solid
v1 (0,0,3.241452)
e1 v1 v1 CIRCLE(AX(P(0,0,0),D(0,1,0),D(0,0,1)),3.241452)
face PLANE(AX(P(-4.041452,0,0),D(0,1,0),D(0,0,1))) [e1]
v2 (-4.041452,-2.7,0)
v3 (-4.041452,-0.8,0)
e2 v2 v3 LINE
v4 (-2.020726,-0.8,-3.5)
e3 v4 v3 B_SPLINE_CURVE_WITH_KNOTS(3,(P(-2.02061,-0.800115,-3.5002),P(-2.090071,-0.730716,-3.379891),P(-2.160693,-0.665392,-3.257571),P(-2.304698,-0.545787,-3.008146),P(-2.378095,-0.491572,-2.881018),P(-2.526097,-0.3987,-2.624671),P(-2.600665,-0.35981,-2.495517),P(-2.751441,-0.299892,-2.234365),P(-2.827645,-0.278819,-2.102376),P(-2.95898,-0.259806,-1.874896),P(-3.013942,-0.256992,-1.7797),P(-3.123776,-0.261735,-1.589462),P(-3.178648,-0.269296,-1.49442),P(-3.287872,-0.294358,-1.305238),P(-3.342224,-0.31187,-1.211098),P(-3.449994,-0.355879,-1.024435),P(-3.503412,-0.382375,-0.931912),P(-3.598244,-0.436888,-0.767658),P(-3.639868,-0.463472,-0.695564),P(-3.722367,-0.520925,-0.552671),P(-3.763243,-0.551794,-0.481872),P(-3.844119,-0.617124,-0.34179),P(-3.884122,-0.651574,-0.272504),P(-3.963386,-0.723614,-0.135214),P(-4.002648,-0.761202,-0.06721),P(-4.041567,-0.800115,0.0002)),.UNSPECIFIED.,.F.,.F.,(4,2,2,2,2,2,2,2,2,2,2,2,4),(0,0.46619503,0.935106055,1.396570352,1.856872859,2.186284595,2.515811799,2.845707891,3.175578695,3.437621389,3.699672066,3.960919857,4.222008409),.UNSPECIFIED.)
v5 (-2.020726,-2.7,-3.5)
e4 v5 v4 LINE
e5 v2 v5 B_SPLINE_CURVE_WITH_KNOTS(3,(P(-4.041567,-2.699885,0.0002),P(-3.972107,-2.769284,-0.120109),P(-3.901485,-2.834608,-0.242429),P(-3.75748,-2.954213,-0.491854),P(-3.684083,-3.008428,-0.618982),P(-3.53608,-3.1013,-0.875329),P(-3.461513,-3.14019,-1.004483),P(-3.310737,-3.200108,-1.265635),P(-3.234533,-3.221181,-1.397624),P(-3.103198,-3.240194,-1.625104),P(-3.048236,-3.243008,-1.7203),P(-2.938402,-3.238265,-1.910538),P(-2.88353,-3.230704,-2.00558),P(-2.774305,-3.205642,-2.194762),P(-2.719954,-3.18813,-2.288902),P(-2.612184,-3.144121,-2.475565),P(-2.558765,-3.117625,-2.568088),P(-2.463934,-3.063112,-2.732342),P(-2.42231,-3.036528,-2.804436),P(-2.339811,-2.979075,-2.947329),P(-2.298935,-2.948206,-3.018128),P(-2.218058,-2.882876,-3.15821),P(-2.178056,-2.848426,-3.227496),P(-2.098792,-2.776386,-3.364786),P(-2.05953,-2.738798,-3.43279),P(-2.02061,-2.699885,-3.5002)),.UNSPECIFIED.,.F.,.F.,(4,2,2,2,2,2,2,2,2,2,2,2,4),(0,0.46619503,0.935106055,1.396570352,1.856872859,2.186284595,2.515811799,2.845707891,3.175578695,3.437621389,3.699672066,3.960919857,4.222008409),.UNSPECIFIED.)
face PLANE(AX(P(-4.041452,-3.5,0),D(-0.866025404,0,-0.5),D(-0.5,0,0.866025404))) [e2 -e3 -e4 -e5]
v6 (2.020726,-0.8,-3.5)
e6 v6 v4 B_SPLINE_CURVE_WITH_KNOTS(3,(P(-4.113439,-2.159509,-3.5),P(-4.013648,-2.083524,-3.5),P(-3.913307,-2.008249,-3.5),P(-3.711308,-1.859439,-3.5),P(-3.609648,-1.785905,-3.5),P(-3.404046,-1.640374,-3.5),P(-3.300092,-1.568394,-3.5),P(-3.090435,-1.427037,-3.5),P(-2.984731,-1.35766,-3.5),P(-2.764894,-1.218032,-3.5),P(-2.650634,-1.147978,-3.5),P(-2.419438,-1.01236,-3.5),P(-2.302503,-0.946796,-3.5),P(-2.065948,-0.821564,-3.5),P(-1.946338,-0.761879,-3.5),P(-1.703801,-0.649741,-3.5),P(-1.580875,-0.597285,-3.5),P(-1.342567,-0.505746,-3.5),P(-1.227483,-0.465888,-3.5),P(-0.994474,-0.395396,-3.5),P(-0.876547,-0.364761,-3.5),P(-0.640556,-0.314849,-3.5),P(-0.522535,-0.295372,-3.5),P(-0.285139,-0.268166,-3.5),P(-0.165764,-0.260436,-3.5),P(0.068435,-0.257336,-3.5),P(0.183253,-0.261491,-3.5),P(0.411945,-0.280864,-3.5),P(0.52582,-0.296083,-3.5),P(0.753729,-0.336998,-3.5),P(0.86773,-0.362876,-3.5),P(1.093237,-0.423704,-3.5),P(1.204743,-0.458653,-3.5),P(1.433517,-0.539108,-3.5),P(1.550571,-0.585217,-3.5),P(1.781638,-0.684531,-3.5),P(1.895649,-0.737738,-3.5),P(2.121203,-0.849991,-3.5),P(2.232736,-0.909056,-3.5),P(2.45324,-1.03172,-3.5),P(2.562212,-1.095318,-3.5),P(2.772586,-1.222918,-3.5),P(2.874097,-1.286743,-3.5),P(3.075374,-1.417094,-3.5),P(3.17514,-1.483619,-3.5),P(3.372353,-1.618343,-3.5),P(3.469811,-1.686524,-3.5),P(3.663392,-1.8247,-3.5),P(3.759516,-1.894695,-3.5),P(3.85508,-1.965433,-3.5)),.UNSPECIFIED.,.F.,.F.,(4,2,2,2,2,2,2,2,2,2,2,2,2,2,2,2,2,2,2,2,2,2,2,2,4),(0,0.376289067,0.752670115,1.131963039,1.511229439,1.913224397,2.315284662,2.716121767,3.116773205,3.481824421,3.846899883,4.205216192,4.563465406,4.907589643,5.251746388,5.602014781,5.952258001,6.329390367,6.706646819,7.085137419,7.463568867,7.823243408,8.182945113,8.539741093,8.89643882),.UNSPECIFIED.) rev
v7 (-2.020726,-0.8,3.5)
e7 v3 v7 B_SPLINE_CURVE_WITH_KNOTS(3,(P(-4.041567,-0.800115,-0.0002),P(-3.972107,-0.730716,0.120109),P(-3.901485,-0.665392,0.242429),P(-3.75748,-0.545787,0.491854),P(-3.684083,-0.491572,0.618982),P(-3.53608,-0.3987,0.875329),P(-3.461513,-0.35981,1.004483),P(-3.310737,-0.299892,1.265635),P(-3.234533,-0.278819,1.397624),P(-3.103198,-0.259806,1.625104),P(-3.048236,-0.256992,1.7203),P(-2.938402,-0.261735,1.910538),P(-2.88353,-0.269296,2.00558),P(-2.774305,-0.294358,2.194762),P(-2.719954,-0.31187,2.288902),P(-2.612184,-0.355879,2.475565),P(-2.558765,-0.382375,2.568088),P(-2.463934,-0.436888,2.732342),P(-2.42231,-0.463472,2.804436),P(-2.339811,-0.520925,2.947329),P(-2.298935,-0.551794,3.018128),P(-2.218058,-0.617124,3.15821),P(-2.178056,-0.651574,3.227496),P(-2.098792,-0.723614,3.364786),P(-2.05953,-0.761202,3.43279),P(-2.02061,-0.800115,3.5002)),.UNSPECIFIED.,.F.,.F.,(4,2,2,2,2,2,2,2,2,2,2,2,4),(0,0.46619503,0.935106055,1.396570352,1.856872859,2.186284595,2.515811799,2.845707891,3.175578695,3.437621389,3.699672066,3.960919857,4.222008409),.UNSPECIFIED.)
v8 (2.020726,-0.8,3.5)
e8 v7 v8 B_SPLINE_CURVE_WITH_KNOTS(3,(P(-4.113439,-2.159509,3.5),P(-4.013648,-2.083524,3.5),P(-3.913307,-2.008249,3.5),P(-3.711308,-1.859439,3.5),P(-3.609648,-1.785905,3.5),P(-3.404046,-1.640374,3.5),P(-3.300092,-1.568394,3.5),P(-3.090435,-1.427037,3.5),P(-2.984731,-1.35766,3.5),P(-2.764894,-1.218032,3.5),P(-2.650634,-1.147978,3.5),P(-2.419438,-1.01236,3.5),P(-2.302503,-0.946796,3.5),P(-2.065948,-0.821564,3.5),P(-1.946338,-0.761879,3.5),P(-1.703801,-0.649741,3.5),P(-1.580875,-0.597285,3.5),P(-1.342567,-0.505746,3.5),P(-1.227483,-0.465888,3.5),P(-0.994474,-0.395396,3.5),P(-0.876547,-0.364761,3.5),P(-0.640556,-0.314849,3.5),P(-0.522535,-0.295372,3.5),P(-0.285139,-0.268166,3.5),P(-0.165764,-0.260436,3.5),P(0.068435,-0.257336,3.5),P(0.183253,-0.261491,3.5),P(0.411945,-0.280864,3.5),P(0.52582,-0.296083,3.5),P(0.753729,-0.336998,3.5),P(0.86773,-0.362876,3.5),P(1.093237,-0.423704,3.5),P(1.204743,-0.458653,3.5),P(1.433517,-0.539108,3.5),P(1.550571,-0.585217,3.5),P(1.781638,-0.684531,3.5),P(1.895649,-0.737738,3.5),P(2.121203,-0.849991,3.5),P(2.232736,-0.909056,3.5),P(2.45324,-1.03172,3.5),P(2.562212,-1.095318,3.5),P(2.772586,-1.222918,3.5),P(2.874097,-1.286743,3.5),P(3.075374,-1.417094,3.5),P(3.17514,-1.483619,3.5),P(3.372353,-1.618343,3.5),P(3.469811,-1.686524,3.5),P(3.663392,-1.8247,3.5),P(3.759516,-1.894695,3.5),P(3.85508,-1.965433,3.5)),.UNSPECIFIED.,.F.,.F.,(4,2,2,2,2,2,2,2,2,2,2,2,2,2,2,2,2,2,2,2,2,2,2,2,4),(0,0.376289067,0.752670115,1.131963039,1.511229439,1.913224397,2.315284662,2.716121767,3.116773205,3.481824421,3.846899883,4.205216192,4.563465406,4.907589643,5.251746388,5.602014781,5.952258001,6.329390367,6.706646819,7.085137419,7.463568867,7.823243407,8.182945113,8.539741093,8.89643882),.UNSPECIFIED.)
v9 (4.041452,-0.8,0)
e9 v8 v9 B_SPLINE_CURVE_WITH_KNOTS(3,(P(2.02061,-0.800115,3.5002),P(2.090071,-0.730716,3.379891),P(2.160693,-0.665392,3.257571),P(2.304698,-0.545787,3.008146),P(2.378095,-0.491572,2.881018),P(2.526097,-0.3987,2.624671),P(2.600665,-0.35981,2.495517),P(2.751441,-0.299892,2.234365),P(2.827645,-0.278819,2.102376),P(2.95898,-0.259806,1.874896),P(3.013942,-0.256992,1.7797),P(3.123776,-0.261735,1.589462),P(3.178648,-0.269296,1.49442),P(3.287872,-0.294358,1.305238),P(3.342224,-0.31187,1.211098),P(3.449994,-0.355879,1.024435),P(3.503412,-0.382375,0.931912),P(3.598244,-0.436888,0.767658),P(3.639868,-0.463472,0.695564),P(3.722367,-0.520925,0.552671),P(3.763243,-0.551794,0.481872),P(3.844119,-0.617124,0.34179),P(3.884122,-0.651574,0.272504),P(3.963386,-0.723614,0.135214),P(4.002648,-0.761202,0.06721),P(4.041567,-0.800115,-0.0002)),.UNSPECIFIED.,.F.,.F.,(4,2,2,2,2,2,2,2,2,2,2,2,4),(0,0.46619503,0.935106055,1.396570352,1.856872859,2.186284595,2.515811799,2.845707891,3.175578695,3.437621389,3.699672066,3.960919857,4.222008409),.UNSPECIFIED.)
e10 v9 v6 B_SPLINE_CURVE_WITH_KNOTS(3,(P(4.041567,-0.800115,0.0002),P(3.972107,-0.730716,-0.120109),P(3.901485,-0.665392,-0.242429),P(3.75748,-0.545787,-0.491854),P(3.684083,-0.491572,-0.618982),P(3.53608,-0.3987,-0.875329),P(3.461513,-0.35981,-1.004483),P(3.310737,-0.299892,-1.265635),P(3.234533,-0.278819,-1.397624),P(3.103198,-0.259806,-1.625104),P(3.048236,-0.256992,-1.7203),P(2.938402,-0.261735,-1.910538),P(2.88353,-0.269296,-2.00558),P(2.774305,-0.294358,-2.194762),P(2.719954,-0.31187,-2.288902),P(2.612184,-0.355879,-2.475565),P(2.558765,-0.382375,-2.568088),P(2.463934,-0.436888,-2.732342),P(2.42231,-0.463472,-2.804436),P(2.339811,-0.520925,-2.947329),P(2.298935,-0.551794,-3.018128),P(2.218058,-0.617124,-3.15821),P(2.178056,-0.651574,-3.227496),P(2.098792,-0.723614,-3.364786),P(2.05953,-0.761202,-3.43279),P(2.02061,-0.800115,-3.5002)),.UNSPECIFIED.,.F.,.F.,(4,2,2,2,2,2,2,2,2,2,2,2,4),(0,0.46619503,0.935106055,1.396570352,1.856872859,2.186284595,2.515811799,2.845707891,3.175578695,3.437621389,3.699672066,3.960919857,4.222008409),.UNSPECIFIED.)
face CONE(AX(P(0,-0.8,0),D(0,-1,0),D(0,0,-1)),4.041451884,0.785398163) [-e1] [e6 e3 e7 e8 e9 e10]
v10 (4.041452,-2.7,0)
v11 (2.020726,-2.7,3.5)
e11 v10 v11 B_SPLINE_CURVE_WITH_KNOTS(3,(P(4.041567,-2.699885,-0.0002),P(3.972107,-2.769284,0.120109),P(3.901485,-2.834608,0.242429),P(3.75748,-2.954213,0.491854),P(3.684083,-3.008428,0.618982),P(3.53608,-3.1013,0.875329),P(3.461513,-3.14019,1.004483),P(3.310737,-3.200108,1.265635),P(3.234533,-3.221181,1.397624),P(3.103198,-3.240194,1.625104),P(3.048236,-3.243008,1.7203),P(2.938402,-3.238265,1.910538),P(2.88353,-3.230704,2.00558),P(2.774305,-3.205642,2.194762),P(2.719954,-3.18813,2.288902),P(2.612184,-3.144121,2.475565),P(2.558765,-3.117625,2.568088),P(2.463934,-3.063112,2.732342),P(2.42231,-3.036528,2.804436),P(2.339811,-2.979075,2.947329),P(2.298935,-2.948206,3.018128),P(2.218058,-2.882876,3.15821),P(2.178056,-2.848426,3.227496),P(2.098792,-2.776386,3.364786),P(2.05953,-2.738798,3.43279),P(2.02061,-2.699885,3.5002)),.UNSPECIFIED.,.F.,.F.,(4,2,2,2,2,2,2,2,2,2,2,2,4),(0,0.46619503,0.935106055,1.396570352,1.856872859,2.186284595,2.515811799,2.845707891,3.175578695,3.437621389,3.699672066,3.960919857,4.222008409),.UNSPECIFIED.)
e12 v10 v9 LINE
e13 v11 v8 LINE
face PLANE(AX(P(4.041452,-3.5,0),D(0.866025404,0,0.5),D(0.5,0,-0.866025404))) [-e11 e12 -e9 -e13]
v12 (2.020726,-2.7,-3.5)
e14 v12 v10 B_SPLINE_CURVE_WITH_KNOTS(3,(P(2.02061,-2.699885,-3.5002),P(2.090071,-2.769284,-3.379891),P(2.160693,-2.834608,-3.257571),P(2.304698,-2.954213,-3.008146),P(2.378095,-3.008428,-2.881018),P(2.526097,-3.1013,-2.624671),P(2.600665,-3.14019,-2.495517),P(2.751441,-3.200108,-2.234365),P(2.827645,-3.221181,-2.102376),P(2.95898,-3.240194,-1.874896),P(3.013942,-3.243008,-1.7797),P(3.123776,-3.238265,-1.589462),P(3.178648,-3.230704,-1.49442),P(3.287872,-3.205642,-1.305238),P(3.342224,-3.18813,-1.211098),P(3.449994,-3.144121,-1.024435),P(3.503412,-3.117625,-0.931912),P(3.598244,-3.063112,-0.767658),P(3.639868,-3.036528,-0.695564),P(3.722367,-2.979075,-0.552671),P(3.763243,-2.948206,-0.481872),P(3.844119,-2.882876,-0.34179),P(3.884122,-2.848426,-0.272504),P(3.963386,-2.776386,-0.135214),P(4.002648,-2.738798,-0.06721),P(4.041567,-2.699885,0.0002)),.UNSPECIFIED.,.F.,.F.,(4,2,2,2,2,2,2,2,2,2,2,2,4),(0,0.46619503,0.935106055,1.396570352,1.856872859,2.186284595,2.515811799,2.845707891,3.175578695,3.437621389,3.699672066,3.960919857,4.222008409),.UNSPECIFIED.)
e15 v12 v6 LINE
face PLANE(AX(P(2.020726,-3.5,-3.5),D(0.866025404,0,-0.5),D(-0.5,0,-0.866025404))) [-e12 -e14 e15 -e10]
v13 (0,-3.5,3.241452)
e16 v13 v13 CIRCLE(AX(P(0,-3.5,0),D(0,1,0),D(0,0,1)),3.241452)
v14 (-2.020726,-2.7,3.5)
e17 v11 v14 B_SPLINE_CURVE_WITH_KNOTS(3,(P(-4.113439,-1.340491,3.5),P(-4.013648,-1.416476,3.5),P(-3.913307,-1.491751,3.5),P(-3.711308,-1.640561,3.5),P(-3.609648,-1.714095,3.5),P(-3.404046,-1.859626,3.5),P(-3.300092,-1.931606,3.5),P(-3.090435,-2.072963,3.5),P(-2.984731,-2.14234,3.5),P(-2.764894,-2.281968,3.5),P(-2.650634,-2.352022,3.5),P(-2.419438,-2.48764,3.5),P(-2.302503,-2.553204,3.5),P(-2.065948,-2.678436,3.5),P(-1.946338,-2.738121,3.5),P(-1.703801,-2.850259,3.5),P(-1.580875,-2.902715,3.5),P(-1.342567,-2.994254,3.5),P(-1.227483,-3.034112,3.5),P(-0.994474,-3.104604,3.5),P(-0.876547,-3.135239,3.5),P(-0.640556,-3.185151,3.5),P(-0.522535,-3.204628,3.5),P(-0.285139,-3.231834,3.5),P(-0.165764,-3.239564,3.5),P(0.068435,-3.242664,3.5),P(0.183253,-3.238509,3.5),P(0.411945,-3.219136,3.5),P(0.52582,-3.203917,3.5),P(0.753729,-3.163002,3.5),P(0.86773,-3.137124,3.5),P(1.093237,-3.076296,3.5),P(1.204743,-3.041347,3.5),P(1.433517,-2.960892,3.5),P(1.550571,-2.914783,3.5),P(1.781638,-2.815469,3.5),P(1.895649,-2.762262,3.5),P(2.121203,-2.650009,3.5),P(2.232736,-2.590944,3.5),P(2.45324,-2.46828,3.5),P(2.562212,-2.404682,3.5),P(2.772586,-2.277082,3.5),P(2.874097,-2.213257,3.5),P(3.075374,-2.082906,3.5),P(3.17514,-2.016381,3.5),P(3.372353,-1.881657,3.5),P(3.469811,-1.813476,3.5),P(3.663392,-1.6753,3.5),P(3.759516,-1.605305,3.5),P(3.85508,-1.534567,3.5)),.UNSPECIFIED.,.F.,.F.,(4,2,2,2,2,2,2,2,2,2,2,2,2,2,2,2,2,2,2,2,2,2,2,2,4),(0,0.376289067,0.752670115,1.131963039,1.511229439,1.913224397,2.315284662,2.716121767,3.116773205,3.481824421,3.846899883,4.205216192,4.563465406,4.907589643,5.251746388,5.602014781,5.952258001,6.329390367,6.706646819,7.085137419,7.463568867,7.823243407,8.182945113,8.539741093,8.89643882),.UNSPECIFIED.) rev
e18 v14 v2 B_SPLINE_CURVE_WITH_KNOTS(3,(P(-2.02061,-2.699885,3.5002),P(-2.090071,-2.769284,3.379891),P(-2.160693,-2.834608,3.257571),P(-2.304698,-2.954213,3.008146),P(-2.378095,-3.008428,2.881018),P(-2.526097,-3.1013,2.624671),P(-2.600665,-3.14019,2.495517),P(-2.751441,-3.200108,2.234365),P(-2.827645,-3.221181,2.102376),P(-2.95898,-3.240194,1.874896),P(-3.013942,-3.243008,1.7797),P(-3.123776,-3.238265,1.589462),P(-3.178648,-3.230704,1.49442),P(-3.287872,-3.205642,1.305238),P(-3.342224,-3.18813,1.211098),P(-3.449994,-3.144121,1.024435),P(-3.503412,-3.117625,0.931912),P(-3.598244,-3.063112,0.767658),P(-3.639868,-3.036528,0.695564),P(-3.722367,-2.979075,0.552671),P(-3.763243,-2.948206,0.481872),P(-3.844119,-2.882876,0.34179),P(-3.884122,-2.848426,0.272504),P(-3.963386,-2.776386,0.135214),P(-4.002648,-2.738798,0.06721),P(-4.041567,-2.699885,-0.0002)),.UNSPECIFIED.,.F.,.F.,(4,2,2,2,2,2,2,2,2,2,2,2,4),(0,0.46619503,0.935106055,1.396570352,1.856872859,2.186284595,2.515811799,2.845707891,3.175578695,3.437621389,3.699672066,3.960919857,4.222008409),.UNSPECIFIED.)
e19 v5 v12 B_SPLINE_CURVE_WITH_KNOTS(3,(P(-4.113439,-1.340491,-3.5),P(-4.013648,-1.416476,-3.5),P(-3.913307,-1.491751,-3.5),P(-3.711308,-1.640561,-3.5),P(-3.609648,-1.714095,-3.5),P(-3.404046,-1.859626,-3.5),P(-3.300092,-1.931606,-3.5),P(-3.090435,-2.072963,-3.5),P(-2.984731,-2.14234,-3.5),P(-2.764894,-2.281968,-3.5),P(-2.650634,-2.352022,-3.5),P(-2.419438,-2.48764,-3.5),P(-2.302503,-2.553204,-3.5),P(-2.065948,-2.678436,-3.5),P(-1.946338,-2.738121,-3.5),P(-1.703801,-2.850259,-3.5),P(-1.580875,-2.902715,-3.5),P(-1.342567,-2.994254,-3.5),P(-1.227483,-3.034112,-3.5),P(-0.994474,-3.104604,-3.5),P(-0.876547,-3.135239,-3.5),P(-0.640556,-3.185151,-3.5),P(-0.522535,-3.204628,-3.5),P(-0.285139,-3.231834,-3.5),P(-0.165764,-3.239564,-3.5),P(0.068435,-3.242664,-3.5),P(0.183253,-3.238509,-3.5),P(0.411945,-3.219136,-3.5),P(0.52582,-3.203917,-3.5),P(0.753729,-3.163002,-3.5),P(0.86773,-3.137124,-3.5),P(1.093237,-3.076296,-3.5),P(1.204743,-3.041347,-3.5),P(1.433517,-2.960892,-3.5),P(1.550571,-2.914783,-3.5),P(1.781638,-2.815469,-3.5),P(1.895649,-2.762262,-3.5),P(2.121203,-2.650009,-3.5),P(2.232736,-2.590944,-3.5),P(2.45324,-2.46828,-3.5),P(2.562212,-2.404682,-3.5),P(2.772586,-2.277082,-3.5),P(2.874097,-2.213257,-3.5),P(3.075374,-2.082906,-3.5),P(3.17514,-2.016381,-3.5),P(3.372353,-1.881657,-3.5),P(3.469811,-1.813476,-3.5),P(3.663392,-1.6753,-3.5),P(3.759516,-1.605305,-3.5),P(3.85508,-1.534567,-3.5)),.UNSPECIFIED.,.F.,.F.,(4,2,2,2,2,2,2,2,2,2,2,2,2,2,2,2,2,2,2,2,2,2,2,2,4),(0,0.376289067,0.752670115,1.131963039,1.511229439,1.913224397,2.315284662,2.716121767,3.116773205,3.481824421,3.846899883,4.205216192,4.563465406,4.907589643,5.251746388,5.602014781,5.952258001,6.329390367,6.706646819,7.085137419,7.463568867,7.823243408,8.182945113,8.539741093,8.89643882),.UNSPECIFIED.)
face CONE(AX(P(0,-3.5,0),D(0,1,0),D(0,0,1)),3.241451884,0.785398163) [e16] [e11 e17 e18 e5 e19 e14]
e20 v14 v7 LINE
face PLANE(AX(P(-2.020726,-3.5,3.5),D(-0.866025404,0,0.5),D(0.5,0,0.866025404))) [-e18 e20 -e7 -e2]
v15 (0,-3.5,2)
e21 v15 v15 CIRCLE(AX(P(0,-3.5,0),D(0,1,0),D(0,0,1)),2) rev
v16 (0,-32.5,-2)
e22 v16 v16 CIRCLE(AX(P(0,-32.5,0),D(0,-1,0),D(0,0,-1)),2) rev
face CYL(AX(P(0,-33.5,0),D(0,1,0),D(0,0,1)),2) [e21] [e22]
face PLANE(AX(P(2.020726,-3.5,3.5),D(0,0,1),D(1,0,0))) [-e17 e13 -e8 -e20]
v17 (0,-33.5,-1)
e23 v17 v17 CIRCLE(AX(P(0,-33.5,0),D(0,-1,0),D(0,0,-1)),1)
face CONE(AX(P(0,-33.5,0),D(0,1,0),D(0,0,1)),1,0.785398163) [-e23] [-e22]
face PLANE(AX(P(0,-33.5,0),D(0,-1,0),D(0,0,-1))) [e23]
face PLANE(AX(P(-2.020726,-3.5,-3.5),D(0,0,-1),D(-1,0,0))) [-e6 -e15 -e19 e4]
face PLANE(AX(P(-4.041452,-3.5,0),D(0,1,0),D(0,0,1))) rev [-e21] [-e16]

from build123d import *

# Parameters (mm, degrees)
EXTRUDE_1_DEPTH = 3.5
SKETCH_5_R      = 2
EXTRUDE_2_DEPTH = 30
CHAMFER_1_SIZE  = 1


with BuildPart() as part:
    # Эскиз1 → Вытянуть1 (new body)
    with BuildSketch(Plane(origin=(0, 0, 0), x_dir=(1, 0, 0), z_dir=(0, 1, 0))):
        Polygon((-2.020725942, 3.5), (2.020725942, 3.5), (4.041451884, 0), (2.020725942, -3.5), (-2.020725942, -3.5), (-4.041451884, 0), align=None)
    extrude(amount=-EXTRUDE_1_DEPTH)

    # Эскиз5 → Вытянуть2 (add)
    with BuildSketch(Plane.XZ.offset(3.5)):
        with Locations(Location((0, 0, 0), (0, 0, 90))):
            Circle(SKETCH_5_R)
    extrude(amount=EXTRUDE_2_DEPTH)

    # Фаска1
    chamfer_1_edges = [part.edges().sort_by_distance(p)[0] for p in [
        (0, -33.5, -2),
    ]]
    chamfer(chamfer_1_edges, length=CHAMFER_1_SIZE)

    # Эскиз4 → Вырез-Повернуть1 (revolve, cut)
    with BuildSketch(Plane.XY, mode=Mode.PRIVATE) as cut_revolve_1_sk:
        Polygon((-4.041451884, -0.8), (-3.241451884, 0), (-4.041451884, 0), align=None)
        Polygon((-4.041451884, -2.7), (-3.241451884, -3.5), (-4.041451884, -3.5), align=None)
    revolve(cut_revolve_1_sk.sketch.rotate(Axis((0, -3.5, 0), (0, -1, 0)), 120.000000136), axis=Axis((0, -3.5, 0), (0, -1, 0)), mode=Mode.SUBTRACT)


solid = part.part
